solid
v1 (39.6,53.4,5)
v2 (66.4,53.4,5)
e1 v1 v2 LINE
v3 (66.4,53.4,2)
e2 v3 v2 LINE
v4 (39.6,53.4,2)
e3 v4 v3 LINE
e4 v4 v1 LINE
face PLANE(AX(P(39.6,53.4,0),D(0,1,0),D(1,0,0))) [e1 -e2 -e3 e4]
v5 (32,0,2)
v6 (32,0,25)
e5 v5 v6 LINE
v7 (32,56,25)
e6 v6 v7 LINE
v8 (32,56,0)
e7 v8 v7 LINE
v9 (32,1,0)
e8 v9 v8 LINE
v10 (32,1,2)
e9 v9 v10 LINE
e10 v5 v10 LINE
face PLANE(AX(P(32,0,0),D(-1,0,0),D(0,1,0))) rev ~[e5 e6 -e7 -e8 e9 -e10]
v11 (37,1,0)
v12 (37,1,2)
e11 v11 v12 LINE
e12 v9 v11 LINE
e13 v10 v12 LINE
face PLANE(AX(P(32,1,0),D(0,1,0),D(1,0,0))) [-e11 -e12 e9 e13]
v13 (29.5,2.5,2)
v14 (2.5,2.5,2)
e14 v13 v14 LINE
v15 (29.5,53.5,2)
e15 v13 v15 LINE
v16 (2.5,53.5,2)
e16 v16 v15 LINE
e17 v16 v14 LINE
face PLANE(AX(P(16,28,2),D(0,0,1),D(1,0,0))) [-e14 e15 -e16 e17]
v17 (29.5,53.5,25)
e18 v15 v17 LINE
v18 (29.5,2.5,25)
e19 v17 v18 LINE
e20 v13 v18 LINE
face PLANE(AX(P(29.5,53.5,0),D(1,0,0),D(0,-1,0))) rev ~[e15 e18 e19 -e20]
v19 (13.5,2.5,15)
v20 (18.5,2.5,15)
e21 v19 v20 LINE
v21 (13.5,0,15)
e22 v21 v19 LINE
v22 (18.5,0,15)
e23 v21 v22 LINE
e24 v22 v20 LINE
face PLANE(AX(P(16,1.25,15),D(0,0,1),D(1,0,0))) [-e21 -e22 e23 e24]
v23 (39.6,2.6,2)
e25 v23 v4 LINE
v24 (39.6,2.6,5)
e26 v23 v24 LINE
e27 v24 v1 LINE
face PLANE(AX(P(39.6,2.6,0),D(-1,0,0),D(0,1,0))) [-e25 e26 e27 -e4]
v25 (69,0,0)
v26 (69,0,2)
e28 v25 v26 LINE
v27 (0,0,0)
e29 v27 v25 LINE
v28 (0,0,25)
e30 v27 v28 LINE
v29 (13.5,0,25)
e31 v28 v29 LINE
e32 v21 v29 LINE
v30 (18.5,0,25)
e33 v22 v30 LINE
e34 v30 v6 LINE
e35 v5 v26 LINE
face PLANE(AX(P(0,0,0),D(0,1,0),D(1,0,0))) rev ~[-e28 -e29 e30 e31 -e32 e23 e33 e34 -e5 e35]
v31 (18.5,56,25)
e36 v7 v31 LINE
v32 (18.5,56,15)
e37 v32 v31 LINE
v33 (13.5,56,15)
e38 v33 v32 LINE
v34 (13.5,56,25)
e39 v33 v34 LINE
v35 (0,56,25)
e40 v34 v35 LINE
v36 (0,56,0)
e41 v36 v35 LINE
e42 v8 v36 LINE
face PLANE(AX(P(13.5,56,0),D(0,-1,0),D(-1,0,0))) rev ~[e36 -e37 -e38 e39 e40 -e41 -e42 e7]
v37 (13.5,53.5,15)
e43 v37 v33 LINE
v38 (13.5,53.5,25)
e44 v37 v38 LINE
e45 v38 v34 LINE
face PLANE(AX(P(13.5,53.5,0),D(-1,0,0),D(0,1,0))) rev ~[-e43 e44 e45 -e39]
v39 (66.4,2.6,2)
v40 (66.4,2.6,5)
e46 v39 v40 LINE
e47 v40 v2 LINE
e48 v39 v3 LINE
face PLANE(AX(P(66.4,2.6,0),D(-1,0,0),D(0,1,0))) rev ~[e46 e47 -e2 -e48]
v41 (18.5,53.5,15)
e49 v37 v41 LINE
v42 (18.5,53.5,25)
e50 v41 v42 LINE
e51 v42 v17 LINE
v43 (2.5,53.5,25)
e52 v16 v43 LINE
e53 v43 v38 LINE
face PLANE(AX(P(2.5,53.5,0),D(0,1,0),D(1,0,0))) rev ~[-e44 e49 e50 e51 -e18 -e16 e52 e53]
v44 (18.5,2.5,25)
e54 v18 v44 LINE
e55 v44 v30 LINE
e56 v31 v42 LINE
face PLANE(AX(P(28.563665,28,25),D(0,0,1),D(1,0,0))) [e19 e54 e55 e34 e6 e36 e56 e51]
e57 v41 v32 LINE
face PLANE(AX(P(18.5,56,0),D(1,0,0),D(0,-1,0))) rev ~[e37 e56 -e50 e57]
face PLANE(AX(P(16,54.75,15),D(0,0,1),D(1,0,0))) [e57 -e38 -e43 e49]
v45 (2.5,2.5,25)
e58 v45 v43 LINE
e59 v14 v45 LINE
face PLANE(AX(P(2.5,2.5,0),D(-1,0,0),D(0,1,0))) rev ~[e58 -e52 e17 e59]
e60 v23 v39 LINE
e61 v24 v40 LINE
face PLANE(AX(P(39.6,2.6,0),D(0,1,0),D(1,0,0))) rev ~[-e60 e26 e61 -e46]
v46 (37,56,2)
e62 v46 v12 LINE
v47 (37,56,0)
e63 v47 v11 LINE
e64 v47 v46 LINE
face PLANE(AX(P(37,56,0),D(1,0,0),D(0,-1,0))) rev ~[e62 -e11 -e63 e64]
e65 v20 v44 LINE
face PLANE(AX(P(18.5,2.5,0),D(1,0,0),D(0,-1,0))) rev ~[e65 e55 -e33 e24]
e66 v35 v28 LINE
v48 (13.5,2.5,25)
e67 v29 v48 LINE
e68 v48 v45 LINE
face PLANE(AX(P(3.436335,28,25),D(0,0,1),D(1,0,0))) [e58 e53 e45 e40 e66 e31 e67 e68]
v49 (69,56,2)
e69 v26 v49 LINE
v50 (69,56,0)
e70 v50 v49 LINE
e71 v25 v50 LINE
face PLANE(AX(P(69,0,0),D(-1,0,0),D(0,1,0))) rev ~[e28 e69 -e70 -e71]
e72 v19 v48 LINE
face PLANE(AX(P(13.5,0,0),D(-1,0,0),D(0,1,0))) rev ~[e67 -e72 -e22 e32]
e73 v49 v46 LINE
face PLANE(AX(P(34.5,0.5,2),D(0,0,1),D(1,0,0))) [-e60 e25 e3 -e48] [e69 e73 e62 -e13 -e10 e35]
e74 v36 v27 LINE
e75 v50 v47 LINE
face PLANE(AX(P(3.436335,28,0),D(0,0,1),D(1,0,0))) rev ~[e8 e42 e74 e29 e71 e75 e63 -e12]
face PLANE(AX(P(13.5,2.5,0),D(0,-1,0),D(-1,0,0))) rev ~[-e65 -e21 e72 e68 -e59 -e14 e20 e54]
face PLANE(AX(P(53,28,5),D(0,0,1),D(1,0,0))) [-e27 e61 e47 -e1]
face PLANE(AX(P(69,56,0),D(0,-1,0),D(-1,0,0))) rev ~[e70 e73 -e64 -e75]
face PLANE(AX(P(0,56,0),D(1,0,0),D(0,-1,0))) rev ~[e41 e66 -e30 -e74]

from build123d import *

# Parameters (mm, degrees)
F1_DEPTH = 2
F0_W     = 5
F0_H     = 1
F0_W_2   = 26.8
F0_H_2   = 50.8
F2_DEPTH = 5
F0_H_3   = 2.5
F3_DEPTH = 15
F4_DEPTH = 25


with BuildPart() as f1:
    # F0 (on Top) → F1 (new body)
    with BuildSketch(Plane.XY):
        Polygon((2.5, 2.5), (13.5, 2.5), (18.5, 2.5), (29.5, 2.5), (29.5, 53.5), (18.5, 53.5), (13.5, 53.5), (2.5, 53.5), align=None)
    extrude(amount=F1_DEPTH)

    # F0 (on Top) → F3 (join)
    with BuildSketch(Plane.XY):
        with Locations((16, 1.25)):
            Rectangle(F0_W, F0_H_3)
        with Locations((16, 54.75)):
            Rectangle(F0_W, F0_H_3)
    extrude(amount=F3_DEPTH)



with BuildPart() as f1b:
    # F0 (on Top) → F1, piece 2 (new body)
    with BuildSketch(Plane.XY):
        with Locations((34.5, 0.5)):
            Rectangle(F0_W, F0_H)
        Polygon((37, 1), (37, 0), (69, 0), (69, 56), (37, 56), align=None)
        with Locations((53, 28)):
            Rectangle(F0_W_2, F0_H_2, mode=Mode.SUBTRACT)
    extrude(amount=F1_DEPTH)

    # F0 (on Top) → F2 (join)
    with BuildSketch(Plane.XY):
        with Locations((53, 28)):
            Rectangle(F0_W_2, F0_H_2)
    extrude(amount=F2_DEPTH)


with BuildPart() as f1_1:
    add(f1.part)

    add(f1b.part)  # F4 merges F1b
    # F0 (on Top) → F4 (join)
    with BuildSketch(Plane.XY):
        Polygon((0, 56), (0, 0), (13.5, 0), (13.5, 2.5), (2.5, 2.5), (2.5, 53.5), (13.5, 53.5), (13.5, 56), align=None)
        Polygon((18.5, 2.5), (18.5, 0), (32, 0), (32, 1), (32, 56), (18.5, 56), (18.5, 53.5), (29.5, 53.5), (29.5, 2.5), align=None)
    extrude(amount=F4_DEPTH)


solid = f1_1.part
